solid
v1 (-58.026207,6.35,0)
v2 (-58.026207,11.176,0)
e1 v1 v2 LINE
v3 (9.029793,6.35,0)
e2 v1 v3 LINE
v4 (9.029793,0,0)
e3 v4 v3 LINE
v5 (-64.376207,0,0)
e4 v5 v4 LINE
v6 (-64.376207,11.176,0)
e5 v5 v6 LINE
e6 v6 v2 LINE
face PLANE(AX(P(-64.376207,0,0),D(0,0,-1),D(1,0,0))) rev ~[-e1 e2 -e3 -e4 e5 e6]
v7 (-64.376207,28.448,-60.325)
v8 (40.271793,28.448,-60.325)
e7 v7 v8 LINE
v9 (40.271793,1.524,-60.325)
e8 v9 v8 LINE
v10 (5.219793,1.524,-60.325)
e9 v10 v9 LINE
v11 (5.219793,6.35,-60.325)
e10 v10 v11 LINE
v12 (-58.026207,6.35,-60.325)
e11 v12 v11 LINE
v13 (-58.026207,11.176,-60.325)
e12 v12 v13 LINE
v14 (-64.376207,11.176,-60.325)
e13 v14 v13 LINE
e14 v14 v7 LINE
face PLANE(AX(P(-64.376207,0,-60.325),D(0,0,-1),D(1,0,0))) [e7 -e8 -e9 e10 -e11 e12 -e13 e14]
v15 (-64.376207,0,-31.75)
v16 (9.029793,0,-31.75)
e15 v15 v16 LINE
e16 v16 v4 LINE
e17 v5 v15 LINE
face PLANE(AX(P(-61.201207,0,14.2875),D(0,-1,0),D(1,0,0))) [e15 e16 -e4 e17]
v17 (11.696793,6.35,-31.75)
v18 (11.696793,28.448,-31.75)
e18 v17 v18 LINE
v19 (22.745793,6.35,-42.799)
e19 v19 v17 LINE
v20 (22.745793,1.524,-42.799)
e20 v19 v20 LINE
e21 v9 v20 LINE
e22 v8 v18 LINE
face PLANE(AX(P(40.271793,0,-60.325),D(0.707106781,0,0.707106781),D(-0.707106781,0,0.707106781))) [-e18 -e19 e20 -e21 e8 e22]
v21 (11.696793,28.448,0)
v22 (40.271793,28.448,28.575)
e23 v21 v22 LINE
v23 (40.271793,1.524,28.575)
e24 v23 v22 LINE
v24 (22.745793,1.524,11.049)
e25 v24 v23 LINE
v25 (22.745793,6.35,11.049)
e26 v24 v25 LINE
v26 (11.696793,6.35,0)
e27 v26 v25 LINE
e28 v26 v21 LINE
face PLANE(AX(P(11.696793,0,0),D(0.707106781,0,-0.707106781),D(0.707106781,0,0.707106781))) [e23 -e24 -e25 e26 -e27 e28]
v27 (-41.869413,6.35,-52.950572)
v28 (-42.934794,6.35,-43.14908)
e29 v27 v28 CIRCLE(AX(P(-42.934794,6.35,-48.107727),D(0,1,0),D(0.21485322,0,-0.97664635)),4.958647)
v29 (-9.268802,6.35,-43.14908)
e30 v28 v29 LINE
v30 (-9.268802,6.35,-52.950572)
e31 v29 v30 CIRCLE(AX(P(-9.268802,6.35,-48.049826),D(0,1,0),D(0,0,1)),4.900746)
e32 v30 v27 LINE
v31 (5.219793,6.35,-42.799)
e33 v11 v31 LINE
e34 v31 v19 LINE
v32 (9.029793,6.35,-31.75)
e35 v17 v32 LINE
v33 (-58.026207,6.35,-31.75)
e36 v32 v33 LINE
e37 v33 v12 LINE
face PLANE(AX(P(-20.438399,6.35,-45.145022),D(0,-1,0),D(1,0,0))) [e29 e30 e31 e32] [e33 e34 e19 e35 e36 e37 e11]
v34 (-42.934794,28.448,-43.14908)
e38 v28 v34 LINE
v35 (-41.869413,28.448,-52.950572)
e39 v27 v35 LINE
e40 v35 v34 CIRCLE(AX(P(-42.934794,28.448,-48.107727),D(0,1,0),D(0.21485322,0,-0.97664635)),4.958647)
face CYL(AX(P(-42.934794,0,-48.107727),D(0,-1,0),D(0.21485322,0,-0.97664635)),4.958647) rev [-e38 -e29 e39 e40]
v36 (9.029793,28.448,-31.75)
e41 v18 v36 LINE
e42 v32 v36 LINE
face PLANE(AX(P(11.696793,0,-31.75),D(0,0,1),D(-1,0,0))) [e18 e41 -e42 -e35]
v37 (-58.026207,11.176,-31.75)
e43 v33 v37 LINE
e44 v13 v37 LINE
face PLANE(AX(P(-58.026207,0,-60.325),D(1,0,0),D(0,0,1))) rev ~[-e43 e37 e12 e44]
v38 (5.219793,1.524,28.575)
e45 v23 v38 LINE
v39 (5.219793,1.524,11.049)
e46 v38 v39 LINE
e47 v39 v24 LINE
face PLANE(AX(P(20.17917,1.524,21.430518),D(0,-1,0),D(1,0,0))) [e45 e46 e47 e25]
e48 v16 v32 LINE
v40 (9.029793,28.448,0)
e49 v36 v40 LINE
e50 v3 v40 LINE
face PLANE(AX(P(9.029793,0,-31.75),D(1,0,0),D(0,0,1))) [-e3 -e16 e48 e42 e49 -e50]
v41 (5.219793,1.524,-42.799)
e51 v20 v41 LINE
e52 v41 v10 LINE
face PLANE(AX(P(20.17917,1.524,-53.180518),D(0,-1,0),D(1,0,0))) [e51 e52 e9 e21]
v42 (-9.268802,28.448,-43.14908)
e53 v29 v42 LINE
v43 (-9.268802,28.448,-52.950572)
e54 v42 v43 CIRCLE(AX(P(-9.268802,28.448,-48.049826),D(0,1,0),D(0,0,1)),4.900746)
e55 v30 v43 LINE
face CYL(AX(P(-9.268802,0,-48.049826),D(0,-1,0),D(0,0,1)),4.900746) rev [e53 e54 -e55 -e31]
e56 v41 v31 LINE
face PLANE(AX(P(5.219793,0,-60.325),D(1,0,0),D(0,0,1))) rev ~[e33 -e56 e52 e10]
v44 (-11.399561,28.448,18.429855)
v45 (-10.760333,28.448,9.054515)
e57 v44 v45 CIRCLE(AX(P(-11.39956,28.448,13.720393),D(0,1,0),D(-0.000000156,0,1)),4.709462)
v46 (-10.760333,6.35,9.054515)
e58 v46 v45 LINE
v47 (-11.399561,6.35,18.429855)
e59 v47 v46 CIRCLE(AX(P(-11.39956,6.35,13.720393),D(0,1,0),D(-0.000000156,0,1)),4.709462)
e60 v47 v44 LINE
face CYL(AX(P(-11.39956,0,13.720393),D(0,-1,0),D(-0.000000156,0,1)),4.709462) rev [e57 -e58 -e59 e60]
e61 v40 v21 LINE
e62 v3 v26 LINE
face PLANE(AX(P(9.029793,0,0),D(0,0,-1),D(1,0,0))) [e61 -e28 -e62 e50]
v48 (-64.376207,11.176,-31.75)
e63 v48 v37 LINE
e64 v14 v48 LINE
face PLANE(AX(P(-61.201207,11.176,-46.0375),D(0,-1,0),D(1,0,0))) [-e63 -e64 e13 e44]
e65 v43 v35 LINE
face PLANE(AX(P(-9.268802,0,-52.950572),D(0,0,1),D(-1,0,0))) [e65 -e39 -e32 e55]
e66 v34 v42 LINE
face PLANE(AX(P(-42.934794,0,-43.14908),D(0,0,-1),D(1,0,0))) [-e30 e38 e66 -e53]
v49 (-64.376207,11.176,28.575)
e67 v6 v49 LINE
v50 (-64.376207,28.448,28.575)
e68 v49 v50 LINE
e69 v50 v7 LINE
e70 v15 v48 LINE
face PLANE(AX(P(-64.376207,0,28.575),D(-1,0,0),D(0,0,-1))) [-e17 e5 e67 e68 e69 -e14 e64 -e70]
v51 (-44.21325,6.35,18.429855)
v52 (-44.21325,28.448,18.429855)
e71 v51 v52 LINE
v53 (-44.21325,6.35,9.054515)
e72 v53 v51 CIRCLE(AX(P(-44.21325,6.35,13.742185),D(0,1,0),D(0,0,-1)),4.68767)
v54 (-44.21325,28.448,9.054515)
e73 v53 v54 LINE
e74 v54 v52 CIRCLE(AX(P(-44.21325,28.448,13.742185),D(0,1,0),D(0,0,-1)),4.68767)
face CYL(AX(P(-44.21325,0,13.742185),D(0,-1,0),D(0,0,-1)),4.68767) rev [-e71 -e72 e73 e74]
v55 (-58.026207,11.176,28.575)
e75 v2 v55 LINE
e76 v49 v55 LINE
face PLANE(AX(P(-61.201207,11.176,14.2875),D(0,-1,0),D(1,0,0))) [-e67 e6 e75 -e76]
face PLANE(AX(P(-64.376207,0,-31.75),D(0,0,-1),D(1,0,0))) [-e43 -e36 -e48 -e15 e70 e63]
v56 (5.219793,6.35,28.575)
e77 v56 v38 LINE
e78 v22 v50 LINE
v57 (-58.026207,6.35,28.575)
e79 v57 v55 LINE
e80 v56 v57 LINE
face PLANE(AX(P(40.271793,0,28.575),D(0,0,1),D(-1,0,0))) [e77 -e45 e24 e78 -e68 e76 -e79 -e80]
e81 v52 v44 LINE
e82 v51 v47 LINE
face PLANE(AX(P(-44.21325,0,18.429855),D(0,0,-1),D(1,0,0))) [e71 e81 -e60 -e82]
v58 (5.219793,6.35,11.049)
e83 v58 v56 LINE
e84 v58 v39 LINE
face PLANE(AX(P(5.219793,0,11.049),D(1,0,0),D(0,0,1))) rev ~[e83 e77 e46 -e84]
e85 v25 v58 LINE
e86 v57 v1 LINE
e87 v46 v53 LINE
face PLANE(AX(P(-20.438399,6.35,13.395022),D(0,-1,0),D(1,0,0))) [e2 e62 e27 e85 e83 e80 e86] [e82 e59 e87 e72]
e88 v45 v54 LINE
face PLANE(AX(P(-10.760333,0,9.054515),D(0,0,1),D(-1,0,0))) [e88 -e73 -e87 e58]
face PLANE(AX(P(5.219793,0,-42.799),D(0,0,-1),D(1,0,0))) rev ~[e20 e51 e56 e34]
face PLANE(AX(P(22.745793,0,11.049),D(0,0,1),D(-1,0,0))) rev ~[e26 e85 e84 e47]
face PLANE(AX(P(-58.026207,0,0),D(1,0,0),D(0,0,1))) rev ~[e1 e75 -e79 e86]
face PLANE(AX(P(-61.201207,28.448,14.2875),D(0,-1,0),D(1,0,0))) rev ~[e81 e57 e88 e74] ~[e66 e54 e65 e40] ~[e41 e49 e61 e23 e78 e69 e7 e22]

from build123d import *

# Parameters (mm, degrees)
F0_W     = 6.35
F0_H     = 28.575
F1_DEPTH = 28.448
F2_DEPTH = 6.35
F3_DEPTH = 6.35
F4_DEPTH = 6.35
F5_DEPTH = 5.588
F6_DEPTH = 6.35
F7_DEPTH = 11.176
F8_DEPTH = 1.524


with BuildPart() as f1:
    # F0 (on Front) → F1 (new body)
    with BuildSketch(Plane.XZ):
        with Locations((-61.201207, 14.2875)):
            Rectangle(F0_W, F0_H)
        Polygon((5.219793, 28.575), (-58.026207, 28.575), (-58.026207, 0), (9.029793, 0), (11.696793, 0), (22.745793, 11.049), (5.219793, 11.049), align=None)
        with BuildLine():
            ThreePointArc((-44.21325, 9.054515), (-48.90092, 13.742185), (-44.21325, 18.429855))
            Line((-44.21325, 18.429855), (-11.399561, 18.429855))
            ThreePointArc((-11.399561, 18.429855), (-6.701007, 14.040749), (-10.760333, 9.054515))
            Line((-10.760333, 9.054515), (-44.21325, 9.054515))
        make_face(mode=Mode.SUBTRACT)
        Polygon((-58.026207, 0), (-64.376207, 0), (-64.376207, -31.75), (-58.026207, -31.75), (9.029793, -31.75), (9.029793, 0), align=None)
        Polygon((40.271793, 28.575), (5.219793, 28.575), (5.219793, 11.049), (22.745793, 11.049), align=None)
        with Locations((-61.201207, -46.0375)):
            Rectangle(F0_W, F0_H)
        Polygon((9.029793, -31.75), (-58.026207, -31.75), (-58.026207, -60.325), (5.219793, -60.325), (5.219793, -42.799), (22.745793, -42.799), (11.696793, -31.75), align=None)
        with BuildLine():
            ThreePointArc((-41.869413, -52.950572), (-47.864406, -48.643555), (-42.934794, -43.14908))
            Line((-42.934794, -43.14908), (-9.268802, -43.14908))
            ThreePointArc((-9.268802, -43.14908), (-4.368056, -48.049826), (-9.268802, -52.950572))
            Line((-9.268802, -52.950572), (-41.869413, -52.950572))
        make_face(mode=Mode.SUBTRACT)
        Polygon((5.219793, -42.799), (5.219793, -60.325), (40.271793, -60.325), (22.745793, -42.799), align=None)
    extrude(amount=-F1_DEPTH)

    # F0 (on Front) → F2 (cut)
    with BuildSketch(Plane.XZ):
        Polygon((5.219793, 28.575), (-58.026207, 28.575), (-58.026207, 0), (9.029793, 0), (11.696793, 0), (22.745793, 11.049), (5.219793, 11.049), align=None)
        with BuildLine():
            ThreePointArc((-44.21325, 9.054515), (-48.90092, 13.742185), (-44.21325, 18.429855))
            Line((-44.21325, 18.429855), (-11.399561, 18.429855))
            ThreePointArc((-11.399561, 18.429855), (-6.701007, 14.040749), (-10.760333, 9.054515))
            Line((-10.760333, 9.054515), (-44.21325, 9.054515))
        make_face(mode=Mode.SUBTRACT)
    extrude(amount=F2_DEPTH, mode=Mode.SUBTRACT)

    # F0 (on Front) → F3 (cut)
    with BuildSketch(Plane.XZ):
        Polygon((9.029793, -31.75), (-58.026207, -31.75), (-58.026207, -60.325), (5.219793, -60.325), (5.219793, -42.799), (22.745793, -42.799), (11.696793, -31.75), align=None)
        with BuildLine():
            ThreePointArc((-41.869413, -52.950572), (-47.864406, -48.643555), (-42.934794, -43.14908))
            Line((-42.934794, -43.14908), (-9.268802, -43.14908))
            ThreePointArc((-9.268802, -43.14908), (-4.368056, -48.049826), (-9.268802, -52.950572))
            Line((-9.268802, -52.950572), (-41.869413, -52.950572))
        make_face(mode=Mode.SUBTRACT)
    extrude(amount=F3_DEPTH, mode=Mode.SUBTRACT)

    # F0 (on Front) → F4 (cut)
    with BuildSketch(Plane.XZ):
        Polygon((5.219793, 28.575), (-58.026207, 28.575), (-58.026207, 0), (9.029793, 0), (11.696793, 0), (22.745793, 11.049), (5.219793, 11.049), align=None)
        with BuildLine():
            ThreePointArc((-44.21325, 9.054515), (-48.90092, 13.742185), (-44.21325, 18.429855))
            Line((-44.21325, 18.429855), (-11.399561, 18.429855))
            ThreePointArc((-11.399561, 18.429855), (-6.701007, 14.040749), (-10.760333, 9.054515))
            Line((-10.760333, 9.054515), (-44.21325, 9.054515))
        make_face(mode=Mode.SUBTRACT)
    extrude(amount=-F4_DEPTH, mode=Mode.SUBTRACT)

    # F0 (on Front) → F5 (cut, symmetric)
    with BuildSketch(Plane.XZ):
        Polygon((5.219793, 28.575), (-58.026207, 28.575), (-58.026207, 0), (9.029793, 0), (11.696793, 0), (22.745793, 11.049), (5.219793, 11.049), align=None)
        with BuildLine():
            ThreePointArc((-44.21325, 9.054515), (-48.90092, 13.742185), (-44.21325, 18.429855))
            Line((-44.21325, 18.429855), (-11.399561, 18.429855))
            ThreePointArc((-11.399561, 18.429855), (-6.701007, 14.040749), (-10.760333, 9.054515))
            Line((-10.760333, 9.054515), (-44.21325, 9.054515))
        make_face(mode=Mode.SUBTRACT)
        Polygon((9.029793, -31.75), (-58.026207, -31.75), (-58.026207, -60.325), (5.219793, -60.325), (5.219793, -42.799), (22.745793, -42.799), (11.696793, -31.75), align=None)
        with BuildLine():
            ThreePointArc((-41.869413, -52.950572), (-47.864406, -48.643555), (-42.934794, -43.14908))
            Line((-42.934794, -43.14908), (-9.268802, -43.14908))
            ThreePointArc((-9.268802, -43.14908), (-4.368056, -48.049826), (-9.268802, -52.950572))
            Line((-9.268802, -52.950572), (-41.869413, -52.950572))
        make_face(mode=Mode.SUBTRACT)
    extrude(amount=F5_DEPTH, both=True, mode=Mode.SUBTRACT)

    # F0 (on Front) → F6 (cut)
    with BuildSketch(Plane.XZ):
        Polygon((5.219793, 28.575), (-58.026207, 28.575), (-58.026207, 0), (9.029793, 0), (11.696793, 0), (22.745793, 11.049), (5.219793, 11.049), align=None)
        with BuildLine():
            ThreePointArc((-44.21325, 9.054515), (-48.90092, 13.742185), (-44.21325, 18.429855))
            Line((-44.21325, 18.429855), (-11.399561, 18.429855))
            ThreePointArc((-11.399561, 18.429855), (-6.701007, 14.040749), (-10.760333, 9.054515))
            Line((-10.760333, 9.054515), (-44.21325, 9.054515))
        make_face(mode=Mode.SUBTRACT)
        Polygon((9.029793, -31.75), (-58.026207, -31.75), (-58.026207, -60.325), (5.219793, -60.325), (5.219793, -42.799), (22.745793, -42.799), (11.696793, -31.75), align=None)
        with BuildLine():
            ThreePointArc((-41.869413, -52.950572), (-47.864406, -48.643555), (-42.934794, -43.14908))
            Line((-42.934794, -43.14908), (-9.268802, -43.14908))
            ThreePointArc((-9.268802, -43.14908), (-4.368056, -48.049826), (-9.268802, -52.950572))
            Line((-9.268802, -52.950572), (-41.869413, -52.950572))
        make_face(mode=Mode.SUBTRACT)
    extrude(amount=-F6_DEPTH, mode=Mode.SUBTRACT)

    # F0 (on Front) → F7 (cut)
    with BuildSketch(Plane.XZ):
        with Locations((-61.201207, 14.2875)):
            Rectangle(F0_W, F0_H)
        with Locations((-61.201207, -46.0375)):
            Rectangle(F0_W, F0_H)
    extrude(amount=-F7_DEPTH, mode=Mode.SUBTRACT)

    # F0 (on Front) → F8 (cut)
    with BuildSketch(Plane.XZ):
        Polygon((40.271793, 28.575), (5.219793, 28.575), (5.219793, 11.049), (22.745793, 11.049), align=None)
        Polygon((5.219793, -42.799), (5.219793, -60.325), (40.271793, -60.325), (22.745793, -42.799), align=None)
    extrude(amount=-F8_DEPTH, mode=Mode.SUBTRACT)


solid = f1.part
